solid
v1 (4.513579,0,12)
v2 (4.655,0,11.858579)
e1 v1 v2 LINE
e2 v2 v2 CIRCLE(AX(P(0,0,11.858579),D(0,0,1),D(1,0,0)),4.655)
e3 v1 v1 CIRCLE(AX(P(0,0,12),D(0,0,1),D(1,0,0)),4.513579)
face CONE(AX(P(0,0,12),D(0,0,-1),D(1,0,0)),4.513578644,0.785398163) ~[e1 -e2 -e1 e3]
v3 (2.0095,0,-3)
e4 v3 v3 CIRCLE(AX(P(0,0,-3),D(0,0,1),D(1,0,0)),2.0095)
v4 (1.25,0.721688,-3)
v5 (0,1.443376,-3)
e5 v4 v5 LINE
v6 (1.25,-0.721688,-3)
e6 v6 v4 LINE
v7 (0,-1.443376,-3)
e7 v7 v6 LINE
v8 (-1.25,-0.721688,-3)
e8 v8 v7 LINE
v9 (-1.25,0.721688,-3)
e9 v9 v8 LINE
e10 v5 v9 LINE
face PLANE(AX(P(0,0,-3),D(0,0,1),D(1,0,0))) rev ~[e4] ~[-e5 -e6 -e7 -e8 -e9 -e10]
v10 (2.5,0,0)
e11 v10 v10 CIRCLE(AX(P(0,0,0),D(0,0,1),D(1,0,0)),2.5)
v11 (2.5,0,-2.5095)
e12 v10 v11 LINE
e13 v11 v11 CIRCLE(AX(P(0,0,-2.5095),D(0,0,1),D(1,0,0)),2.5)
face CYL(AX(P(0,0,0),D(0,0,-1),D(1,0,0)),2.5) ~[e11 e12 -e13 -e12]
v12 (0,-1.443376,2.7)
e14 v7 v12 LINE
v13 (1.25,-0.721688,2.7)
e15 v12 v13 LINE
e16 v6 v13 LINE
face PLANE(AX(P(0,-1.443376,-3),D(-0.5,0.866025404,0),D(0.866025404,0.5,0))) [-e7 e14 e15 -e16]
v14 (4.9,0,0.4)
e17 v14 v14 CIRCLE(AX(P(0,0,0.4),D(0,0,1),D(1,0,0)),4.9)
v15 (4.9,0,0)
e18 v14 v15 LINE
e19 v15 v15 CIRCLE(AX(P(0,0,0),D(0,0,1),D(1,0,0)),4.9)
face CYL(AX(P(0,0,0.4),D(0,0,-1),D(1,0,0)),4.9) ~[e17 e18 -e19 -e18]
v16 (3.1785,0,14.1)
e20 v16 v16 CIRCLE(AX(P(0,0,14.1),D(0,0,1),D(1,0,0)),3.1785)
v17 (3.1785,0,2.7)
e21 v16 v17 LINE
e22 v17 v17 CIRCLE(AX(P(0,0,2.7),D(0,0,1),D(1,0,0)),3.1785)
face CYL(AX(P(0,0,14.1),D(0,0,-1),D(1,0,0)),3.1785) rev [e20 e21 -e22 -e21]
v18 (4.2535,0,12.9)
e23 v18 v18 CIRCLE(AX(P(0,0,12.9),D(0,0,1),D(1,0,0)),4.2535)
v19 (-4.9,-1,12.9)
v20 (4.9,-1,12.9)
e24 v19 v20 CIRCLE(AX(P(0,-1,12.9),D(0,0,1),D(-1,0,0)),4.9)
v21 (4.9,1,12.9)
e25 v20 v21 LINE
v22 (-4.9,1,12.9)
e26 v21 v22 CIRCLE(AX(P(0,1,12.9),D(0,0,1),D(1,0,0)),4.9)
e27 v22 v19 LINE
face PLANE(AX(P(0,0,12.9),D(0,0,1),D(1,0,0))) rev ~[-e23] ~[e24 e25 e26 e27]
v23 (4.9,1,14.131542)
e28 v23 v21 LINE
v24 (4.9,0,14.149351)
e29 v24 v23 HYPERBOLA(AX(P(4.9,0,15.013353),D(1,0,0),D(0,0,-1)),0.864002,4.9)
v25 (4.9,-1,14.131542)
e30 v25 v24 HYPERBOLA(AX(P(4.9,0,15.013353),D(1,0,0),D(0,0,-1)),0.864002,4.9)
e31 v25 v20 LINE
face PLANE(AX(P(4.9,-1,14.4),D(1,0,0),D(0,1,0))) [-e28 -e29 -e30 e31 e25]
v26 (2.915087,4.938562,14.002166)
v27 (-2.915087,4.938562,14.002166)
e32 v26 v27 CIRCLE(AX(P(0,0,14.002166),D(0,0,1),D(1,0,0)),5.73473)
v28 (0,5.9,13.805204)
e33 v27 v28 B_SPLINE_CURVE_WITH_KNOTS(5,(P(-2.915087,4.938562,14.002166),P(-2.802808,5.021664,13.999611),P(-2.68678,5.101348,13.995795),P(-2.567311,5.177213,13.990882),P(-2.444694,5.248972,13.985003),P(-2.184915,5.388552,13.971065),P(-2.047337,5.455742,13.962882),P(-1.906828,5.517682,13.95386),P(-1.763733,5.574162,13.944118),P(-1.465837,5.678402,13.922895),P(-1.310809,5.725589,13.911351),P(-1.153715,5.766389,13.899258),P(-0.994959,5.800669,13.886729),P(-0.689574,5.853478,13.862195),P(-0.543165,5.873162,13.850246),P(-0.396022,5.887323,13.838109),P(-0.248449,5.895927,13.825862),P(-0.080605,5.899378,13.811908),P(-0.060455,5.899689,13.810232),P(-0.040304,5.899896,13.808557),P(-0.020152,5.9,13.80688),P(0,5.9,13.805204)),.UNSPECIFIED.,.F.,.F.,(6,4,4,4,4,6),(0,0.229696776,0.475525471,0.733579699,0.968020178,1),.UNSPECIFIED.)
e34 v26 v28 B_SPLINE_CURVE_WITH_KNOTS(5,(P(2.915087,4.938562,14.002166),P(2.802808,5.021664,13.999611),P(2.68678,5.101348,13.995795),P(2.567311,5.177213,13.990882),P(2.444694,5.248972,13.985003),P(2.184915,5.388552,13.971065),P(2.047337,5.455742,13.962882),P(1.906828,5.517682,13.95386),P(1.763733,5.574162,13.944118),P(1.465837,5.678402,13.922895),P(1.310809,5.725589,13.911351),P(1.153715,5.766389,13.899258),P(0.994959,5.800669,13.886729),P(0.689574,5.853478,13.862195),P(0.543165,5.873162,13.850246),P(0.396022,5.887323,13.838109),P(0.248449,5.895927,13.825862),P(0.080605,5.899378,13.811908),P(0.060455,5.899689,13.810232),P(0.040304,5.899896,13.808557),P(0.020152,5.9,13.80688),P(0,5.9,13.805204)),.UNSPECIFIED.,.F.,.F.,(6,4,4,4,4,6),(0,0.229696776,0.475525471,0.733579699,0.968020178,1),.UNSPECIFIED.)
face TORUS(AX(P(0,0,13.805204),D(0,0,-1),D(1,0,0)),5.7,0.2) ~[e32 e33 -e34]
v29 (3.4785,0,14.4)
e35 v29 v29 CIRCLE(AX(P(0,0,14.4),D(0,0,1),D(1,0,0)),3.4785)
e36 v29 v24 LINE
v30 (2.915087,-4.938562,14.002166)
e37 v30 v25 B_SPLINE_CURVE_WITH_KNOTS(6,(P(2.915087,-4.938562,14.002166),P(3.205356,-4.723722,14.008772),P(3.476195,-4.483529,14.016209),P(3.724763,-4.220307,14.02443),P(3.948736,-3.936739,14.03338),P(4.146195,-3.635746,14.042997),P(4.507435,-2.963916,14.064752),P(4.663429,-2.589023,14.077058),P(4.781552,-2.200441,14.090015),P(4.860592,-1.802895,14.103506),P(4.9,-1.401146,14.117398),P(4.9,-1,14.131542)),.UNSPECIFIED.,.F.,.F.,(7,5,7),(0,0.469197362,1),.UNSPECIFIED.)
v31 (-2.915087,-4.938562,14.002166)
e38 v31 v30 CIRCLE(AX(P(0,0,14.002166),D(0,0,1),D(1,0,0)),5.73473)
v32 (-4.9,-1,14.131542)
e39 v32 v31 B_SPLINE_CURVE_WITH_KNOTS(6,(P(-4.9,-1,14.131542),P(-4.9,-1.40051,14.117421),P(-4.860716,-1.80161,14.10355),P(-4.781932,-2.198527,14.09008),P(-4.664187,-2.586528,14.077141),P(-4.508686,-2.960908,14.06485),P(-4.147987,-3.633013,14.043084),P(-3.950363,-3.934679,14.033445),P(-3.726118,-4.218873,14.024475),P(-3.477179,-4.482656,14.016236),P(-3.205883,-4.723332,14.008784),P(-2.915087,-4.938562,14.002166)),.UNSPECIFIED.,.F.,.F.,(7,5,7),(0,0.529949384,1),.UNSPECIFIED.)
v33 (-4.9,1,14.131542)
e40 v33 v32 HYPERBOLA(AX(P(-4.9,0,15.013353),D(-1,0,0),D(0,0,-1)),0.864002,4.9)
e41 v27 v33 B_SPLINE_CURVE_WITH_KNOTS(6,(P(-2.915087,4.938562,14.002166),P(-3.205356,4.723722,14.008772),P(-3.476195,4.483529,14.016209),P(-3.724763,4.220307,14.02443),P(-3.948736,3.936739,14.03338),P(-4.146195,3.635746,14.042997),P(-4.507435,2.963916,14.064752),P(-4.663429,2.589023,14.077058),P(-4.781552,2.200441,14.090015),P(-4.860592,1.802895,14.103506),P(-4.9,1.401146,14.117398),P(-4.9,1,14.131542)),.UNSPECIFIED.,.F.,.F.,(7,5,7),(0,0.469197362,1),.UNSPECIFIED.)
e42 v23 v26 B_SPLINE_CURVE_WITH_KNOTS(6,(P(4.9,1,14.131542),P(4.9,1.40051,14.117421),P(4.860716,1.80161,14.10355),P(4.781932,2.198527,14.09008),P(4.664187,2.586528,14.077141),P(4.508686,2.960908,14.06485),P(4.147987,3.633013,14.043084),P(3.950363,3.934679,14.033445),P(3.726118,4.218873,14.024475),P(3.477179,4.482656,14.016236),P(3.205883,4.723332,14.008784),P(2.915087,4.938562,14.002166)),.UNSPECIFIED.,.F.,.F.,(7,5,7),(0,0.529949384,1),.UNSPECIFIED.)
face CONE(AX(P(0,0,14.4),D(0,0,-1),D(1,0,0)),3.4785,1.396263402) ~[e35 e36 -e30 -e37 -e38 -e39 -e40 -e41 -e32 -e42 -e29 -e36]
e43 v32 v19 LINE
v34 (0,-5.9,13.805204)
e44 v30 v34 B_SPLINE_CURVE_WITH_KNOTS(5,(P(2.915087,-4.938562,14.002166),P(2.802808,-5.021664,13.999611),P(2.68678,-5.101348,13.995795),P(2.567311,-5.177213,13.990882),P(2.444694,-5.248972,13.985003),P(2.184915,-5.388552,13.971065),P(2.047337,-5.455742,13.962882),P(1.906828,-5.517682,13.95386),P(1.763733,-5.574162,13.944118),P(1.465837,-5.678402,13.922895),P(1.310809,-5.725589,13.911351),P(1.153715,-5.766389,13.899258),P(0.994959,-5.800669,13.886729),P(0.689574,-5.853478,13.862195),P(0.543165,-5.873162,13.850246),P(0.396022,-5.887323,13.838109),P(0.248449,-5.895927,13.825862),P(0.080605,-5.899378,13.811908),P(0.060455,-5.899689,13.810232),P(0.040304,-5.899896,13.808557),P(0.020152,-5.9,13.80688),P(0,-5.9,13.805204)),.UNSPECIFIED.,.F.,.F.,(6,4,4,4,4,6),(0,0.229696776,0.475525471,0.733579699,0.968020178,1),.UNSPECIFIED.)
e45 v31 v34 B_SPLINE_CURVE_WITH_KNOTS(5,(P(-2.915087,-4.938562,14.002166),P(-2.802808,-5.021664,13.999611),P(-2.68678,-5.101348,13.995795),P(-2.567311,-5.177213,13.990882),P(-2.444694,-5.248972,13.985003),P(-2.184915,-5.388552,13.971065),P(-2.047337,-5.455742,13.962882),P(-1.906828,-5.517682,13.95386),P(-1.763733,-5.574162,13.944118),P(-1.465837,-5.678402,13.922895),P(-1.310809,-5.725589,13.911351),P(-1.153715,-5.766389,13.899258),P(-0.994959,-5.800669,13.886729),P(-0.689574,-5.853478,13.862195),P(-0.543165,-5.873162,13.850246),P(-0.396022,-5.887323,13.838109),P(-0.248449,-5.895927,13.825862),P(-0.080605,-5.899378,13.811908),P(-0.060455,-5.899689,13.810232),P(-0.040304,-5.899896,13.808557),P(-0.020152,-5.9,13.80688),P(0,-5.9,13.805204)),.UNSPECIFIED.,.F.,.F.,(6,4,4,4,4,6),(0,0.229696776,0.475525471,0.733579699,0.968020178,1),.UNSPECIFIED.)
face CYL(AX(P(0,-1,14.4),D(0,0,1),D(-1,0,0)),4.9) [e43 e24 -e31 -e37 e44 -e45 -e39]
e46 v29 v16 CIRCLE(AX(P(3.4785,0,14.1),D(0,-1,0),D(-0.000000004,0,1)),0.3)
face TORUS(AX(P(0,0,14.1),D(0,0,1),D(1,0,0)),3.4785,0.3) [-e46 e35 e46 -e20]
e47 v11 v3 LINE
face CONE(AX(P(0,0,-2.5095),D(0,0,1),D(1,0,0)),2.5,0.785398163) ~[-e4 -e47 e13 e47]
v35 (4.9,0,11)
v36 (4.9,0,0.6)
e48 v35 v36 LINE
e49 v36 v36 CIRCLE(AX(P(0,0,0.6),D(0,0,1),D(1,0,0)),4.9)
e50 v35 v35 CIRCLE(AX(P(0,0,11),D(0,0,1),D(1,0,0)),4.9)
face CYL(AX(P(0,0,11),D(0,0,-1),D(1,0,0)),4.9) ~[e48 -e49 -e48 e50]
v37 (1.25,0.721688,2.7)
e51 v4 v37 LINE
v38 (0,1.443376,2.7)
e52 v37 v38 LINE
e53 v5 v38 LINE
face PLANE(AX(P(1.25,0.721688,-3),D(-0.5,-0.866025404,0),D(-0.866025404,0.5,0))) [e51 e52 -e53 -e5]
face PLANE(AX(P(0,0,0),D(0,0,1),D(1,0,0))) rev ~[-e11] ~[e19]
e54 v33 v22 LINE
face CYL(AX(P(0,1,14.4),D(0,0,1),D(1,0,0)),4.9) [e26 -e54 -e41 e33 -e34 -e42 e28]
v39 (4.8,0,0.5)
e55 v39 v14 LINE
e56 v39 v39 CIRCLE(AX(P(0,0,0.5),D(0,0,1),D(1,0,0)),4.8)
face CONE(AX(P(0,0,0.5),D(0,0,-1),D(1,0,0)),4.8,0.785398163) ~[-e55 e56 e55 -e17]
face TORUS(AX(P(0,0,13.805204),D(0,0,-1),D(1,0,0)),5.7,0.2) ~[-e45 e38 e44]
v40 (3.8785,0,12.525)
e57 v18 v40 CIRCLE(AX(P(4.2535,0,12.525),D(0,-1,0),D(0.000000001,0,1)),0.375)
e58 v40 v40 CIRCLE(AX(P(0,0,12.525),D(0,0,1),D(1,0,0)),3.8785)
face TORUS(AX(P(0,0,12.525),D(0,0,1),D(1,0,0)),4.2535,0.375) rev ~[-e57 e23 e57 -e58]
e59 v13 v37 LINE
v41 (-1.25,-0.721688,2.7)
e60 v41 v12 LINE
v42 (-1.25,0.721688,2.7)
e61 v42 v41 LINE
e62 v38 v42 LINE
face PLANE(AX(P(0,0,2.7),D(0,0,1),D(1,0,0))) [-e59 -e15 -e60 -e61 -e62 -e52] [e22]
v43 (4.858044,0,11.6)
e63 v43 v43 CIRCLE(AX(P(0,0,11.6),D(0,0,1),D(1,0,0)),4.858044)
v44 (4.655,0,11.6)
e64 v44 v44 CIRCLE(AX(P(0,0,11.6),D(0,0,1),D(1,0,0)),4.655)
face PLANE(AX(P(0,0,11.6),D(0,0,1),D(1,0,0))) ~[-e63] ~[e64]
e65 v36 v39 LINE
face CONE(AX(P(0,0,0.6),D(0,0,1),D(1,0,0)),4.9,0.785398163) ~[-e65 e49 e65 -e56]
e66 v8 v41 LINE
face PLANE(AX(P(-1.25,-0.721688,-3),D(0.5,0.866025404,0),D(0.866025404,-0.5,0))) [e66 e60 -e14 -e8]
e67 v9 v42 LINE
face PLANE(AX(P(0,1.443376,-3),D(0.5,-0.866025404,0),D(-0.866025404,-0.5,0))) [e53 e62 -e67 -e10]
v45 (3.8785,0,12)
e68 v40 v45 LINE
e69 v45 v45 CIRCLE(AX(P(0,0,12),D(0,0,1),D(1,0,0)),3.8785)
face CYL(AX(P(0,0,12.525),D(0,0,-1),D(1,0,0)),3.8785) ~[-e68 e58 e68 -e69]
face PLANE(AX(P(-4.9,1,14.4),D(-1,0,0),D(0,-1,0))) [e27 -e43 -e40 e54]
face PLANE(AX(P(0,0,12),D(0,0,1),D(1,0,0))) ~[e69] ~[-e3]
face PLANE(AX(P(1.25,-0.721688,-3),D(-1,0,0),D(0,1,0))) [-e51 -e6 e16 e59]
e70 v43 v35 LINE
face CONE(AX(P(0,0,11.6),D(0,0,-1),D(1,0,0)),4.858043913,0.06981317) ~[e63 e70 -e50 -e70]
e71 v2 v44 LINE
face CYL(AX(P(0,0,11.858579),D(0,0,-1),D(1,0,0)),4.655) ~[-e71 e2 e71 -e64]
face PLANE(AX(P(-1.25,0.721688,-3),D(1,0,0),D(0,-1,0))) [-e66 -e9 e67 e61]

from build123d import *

# Parameters (mm, degrees)
SKETCH2_W          = 23.6
SKETCH2_H          = 23.6
CUT_EXTRUDE1_DEPTH = 1.5
CUT_EXTRUDE2_DEPTH = 5.7


with BuildPart() as part:
    # Sketch1 → Revolve1 (revolve)
    with BuildSketch(Plane(origin=(0, 0, 0), x_dir=(0, 0, -1), z_dir=(1, 0, 0)), mode=Mode.PRIVATE) as revolve1_sk:
        with BuildLine():
            Line((-14.4, 0), (-14.4, 3.4785))
            Line((-14.4, 3.4785), (-14.002165841, 5.734729636))
            ThreePointArc((-14.002165841, 5.734729636), (-13.933761812, 5.853208889), (-13.80520429, 5.9))
            Line((-13.80520429, 5.9), (-12.9, 5.9))
            Line((-12.9, 5.9), (-12.9, 4.2535))
            ThreePointArc((-12.9, 4.2535), (-12.790165043, 3.988334957), (-12.525, 3.8785))
            Line((-12.525, 3.8785), (-12, 3.8785))
            Line((-12, 3.8785), (-12, 4.513578644))
            Line((-12, 4.513578644), (-11.858578644, 4.655))
            Line((-11.858578644, 4.655), (-11.6, 4.655))
            Line((-11.6, 4.655), (-11.6, 4.858043913))
            Line((-11.6, 4.858043913), (-11, 4.9))
            Line((-11, 4.9), (-0.6, 4.9))
            Line((-0.6, 4.9), (-0.5, 4.8))
            Line((-0.5, 4.8), (-0.4, 4.9))
            Line((-0.4, 4.9), (0, 4.9))
            Line((0, 4.9), (0, 2.5))
            Line((0, 2.5), (2.5095, 2.5))
            Line((2.5095, 2.5), (3, 2.0095))
            Line((3, 2.0095), (3, 0))
            Line((3, 0), (-14.4, 0))
        make_face()
    revolve(revolve1_sk.sketch.rotate(Axis((0, 0, -3), (0, 0, 1)), 270), axis=Axis((0, 0, -3), (0, 0, 1)))

    # Sketch2 → Cut-Extrude1 (cut)
    with BuildSketch(Plane.XY.offset(14.4)):
        Rectangle(SKETCH2_W, SKETCH2_H)
        with BuildLine():
            Line((-4.9, 1), (-4.9, -1))
            ThreePointArc((-4.9, -1), (0, -5.9), (4.9, -1))
            Line((4.9, -1), (4.9, 1))
            ThreePointArc((4.9, 1), (0, 5.9), (-4.9, 1))
        make_face(mode=Mode.SUBTRACT)
    extrude(amount=-CUT_EXTRUDE1_DEPTH, mode=Mode.SUBTRACT)

    # Sketch3 → Cut-Extrude2 (cut)
    with BuildSketch(Plane.XY.offset(-3)):
        Polygon((-1.25, -0.721687836), (0, -1.443375673), (1.25, -0.721687836), (1.25, 0.721687836), (0, 1.443375673), (-1.25, 0.721687836), align=None)
    extrude(amount=CUT_EXTRUDE2_DEPTH, mode=Mode.SUBTRACT)

    # Sketch4 → Cut-Revolve1 (revolve, cut)
    with BuildSketch(Plane(origin=(0, 0, 0), x_dir=(0, 0, -1), z_dir=(1, 0, 0)), mode=Mode.PRIVATE) as cut_revolve1_sk:
        with BuildLine():
            Line((-14.4, 0), (-14.4, 3.4785))
            ThreePointArc((-14.4, 3.4785), (-14.312132034, 3.266367966), (-14.1, 3.1785))
            Line((-14.1, 3.1785), (-2.7, 3.1785))
            Line((-2.7, 3.1785), (-2.7, 0))
            Line((-2.7, 0), (-14.4, 0))
        make_face()
    revolve(cut_revolve1_sk.sketch.rotate(Axis((0, 0, 2.7), (0, 0, 1)), 270), axis=Axis((0, 0, 2.7), (0, 0, 1)), mode=Mode.SUBTRACT)


solid = part.part
